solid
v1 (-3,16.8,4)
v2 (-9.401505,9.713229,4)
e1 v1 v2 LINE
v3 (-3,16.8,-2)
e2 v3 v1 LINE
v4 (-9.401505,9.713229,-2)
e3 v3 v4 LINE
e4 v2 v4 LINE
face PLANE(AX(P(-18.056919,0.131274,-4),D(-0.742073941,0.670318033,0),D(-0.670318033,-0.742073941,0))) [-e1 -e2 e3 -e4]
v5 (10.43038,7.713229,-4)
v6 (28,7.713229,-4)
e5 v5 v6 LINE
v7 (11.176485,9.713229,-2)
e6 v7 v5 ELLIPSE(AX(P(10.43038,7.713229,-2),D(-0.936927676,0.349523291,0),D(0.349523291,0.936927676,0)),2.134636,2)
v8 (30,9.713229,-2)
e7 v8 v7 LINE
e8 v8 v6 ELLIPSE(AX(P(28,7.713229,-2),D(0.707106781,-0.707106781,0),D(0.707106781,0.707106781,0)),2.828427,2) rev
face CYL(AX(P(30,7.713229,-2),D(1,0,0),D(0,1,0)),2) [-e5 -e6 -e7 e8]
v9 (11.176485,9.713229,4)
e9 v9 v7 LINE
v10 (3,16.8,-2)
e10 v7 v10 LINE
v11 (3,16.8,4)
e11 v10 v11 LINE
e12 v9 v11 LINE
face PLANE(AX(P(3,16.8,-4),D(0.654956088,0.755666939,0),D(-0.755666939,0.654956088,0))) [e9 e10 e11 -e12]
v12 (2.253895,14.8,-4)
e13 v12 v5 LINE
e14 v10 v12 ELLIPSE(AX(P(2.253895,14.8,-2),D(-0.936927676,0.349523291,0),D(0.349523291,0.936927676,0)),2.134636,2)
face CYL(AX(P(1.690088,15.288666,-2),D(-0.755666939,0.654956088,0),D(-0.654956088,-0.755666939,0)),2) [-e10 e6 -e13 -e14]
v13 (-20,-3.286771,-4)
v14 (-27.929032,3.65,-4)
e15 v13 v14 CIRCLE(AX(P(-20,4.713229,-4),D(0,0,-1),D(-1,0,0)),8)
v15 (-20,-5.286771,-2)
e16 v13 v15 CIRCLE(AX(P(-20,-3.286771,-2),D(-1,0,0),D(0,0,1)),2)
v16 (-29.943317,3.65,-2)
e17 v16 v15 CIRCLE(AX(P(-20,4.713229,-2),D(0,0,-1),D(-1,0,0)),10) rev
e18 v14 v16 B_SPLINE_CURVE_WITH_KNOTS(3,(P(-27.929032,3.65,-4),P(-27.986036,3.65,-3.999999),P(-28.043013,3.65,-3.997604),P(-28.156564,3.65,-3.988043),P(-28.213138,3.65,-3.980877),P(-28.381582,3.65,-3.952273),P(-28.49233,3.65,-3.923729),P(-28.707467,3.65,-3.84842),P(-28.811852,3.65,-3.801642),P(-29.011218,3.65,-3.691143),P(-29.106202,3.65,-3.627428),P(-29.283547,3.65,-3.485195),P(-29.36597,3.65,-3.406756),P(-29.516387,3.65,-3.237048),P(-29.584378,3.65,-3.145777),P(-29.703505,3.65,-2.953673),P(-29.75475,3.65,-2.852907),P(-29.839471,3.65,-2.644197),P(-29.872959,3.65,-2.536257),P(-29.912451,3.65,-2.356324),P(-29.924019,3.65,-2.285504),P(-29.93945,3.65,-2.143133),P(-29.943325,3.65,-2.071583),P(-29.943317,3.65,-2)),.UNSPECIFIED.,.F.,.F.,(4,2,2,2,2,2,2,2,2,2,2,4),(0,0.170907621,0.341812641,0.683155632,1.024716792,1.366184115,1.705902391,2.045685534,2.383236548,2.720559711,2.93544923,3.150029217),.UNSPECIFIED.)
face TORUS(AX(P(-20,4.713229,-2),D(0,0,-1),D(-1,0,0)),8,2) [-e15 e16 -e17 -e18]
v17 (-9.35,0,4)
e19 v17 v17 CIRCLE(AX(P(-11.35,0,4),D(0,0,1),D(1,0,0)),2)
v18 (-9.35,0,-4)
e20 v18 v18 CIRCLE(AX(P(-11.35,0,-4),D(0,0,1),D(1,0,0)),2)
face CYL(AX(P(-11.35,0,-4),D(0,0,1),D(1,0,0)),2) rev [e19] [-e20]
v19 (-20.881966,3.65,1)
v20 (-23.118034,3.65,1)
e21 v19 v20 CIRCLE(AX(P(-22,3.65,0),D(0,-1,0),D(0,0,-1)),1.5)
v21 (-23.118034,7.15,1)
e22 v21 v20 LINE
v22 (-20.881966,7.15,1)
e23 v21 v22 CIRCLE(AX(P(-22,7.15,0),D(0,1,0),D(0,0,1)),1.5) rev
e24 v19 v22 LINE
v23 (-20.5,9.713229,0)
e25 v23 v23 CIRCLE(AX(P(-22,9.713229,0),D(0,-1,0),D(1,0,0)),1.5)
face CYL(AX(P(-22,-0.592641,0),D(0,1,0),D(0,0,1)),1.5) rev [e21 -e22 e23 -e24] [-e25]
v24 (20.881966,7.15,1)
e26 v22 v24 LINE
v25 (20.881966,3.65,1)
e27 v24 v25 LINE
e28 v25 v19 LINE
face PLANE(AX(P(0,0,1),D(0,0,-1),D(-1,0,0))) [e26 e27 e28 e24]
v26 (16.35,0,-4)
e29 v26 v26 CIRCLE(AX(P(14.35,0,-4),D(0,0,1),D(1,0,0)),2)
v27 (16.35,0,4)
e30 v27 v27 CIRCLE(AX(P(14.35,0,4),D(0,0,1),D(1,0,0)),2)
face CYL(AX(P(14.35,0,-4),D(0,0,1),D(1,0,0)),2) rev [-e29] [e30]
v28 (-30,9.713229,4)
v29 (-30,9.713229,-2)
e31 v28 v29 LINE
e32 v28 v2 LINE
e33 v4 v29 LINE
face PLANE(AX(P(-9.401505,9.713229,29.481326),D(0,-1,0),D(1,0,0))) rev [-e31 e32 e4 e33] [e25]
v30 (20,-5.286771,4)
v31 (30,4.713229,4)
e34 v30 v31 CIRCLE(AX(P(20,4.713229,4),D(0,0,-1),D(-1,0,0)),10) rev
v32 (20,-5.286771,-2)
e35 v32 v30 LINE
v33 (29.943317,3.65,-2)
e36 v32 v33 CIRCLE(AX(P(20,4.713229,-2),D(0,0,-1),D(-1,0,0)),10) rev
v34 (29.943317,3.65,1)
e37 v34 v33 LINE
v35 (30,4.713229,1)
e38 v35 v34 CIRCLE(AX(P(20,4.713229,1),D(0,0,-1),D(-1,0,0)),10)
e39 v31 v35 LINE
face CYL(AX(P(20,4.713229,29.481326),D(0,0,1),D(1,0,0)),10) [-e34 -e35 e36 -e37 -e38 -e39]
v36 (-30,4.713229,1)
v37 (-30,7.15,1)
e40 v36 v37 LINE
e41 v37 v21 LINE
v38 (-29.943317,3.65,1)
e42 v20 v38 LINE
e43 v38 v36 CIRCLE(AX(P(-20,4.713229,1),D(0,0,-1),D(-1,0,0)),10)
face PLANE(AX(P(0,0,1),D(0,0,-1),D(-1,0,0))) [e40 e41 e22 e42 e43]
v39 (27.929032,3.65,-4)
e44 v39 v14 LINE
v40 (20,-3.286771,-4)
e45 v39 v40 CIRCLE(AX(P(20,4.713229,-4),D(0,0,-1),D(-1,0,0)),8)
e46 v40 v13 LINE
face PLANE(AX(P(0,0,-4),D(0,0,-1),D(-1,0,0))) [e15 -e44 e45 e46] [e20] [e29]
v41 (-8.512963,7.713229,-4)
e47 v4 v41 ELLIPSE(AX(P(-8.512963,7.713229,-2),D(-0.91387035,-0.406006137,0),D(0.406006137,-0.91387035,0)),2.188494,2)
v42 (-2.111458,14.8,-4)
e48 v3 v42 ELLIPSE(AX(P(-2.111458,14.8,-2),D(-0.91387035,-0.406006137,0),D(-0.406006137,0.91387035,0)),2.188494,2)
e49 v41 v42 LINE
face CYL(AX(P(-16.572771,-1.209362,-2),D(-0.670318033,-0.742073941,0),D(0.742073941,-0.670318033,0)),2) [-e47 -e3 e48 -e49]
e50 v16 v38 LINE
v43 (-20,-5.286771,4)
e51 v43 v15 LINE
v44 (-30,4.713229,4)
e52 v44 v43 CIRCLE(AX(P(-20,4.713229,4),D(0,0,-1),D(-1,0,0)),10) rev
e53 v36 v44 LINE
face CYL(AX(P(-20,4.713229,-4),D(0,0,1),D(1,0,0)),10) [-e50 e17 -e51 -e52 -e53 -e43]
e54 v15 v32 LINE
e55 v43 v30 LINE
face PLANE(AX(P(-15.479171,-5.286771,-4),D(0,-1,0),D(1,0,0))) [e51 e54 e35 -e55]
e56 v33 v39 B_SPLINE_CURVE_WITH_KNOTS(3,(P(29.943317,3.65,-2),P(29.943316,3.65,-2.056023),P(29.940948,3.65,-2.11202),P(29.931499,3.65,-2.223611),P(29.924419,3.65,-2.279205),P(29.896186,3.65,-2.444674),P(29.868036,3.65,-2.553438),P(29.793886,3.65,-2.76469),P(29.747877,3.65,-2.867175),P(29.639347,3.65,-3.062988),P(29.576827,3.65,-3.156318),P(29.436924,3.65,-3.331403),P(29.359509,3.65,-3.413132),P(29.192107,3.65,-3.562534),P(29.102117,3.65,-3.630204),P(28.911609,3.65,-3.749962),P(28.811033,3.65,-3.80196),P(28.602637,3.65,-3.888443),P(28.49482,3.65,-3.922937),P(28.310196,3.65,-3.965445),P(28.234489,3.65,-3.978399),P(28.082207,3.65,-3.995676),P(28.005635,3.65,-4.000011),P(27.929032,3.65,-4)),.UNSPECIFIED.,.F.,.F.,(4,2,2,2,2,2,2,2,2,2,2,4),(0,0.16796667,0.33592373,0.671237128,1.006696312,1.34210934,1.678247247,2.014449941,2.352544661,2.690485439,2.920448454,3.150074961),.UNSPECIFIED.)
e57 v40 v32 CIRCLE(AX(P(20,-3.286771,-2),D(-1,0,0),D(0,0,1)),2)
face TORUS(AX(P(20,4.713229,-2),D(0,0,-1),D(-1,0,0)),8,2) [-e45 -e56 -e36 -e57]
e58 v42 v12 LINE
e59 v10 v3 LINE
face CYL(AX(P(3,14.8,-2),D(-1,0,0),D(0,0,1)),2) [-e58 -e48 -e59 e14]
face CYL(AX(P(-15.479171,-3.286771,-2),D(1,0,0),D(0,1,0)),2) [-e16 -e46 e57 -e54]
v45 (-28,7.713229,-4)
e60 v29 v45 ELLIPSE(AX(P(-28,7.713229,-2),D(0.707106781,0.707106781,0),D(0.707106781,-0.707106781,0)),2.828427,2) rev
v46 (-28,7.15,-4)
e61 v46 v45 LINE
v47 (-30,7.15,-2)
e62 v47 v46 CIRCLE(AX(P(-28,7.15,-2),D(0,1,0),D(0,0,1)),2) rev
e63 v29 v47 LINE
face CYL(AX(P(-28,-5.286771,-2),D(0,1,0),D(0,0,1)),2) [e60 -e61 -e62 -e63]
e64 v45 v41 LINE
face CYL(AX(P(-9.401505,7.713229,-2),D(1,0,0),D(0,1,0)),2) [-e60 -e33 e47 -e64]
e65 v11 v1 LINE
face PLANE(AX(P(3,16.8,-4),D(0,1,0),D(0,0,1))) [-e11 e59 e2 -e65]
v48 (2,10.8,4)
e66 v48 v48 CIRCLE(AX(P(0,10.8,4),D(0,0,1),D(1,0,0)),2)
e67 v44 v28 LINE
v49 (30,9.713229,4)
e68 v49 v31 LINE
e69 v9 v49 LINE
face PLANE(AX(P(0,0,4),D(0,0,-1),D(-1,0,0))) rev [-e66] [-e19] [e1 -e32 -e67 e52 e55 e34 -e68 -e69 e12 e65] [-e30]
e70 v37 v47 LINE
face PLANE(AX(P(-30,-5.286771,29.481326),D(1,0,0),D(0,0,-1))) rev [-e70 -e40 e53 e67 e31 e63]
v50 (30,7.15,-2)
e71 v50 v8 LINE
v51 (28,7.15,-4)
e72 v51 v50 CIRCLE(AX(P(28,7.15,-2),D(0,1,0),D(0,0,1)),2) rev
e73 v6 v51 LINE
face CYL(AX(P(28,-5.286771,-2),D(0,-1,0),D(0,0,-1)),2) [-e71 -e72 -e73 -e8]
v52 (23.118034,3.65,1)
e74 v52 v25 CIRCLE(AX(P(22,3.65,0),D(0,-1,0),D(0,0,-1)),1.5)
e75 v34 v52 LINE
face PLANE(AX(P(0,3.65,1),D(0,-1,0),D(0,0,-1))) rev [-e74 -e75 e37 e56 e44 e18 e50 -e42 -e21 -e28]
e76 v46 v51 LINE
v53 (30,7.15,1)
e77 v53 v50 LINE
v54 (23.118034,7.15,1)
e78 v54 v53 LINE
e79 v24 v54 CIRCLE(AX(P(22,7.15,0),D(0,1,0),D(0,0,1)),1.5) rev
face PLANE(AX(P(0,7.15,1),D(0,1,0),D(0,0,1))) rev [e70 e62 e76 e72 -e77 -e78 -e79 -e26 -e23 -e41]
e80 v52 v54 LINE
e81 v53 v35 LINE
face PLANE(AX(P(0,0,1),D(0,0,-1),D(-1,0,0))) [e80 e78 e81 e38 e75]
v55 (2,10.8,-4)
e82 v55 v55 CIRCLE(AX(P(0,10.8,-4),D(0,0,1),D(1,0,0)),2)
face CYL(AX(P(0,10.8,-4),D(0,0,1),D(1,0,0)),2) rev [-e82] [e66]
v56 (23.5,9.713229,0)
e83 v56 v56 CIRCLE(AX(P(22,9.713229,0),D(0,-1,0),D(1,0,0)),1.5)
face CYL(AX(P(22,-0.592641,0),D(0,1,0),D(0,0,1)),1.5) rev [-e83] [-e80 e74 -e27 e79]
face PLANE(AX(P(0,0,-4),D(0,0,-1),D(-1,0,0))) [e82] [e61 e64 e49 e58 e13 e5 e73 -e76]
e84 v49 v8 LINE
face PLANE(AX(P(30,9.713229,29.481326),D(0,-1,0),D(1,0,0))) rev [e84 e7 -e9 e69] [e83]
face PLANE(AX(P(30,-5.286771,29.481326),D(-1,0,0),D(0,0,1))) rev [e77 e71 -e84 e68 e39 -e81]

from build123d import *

# Parameters (mm, degrees)
BOSS_EXTRU_1_DEPTH             = 4
BOSS_EXTRU_1_DEPTH_BACK        = 4
ESQUISSE3_R                    = 2
ENL_V_MAT_EXTRU_1_DEPTH        = 5
ENL_V_MAT_EXTRU_1_DEPTH_BACK   = 5
BOSS_EXTRU_2_REACH             = 6
BOSS_EXTRU_2_DIRECTION_2_REACH = 6
ENL_V_START                    = -4
ESQUISSE4_W                    = 60
ESQUISSE4_H                    = 3.5
ENL_V_MAT_EXTRU_2_DEPTH        = 5
ENL_V_START_2                  = 9.713229
ESQUISSE7_R                    = 1.5
ENL_V_MAT_EXTRU_4_DEPTH        = 6.063229
CONG_1_R                       = 10
CONG_2_R                       = 2


with BuildPart() as part:
    # Esquisse1 → Boss.-Extru.1 (new body, two sides)
    with BuildSketch(Plane.XY) as boss_extru_1_sk:
        Polygon((-18.056919343, 0.131274222), (-15.479170984, -5.286770941), (18.771312817, -5.286770941), (21.159805355, 1.060426821), (3, 16.8), (-3, 16.8), align=None)
    extrude(amount=BOSS_EXTRU_1_DEPTH)
    extrude(boss_extru_1_sk.sketch, amount=-BOSS_EXTRU_1_DEPTH_BACK)

    # Esquisse3 → Enlèv. mat.-Extru.1 (cut, two sides)
    with BuildSketch(Plane.XY) as enl_v_mat_extru_1_sk:
        with Locations((0, 10.8)):
            Circle(ESQUISSE3_R)
        with Locations((-11.35, 0)):
            Circle(ESQUISSE3_R)
        with Locations((14.35, 0)):
            Circle(ESQUISSE3_R)
    extrude(amount=ENL_V_MAT_EXTRU_1_DEPTH, mode=Mode.SUBTRACT)
    extrude(enl_v_mat_extru_1_sk.sketch, amount=-ENL_V_MAT_EXTRU_1_DEPTH_BACK, mode=Mode.SUBTRACT)

    # Boss.-Extru.2: up to this face of the body (flat: up to its plane)
    boss_extru_2_end = Plane(part.part.faces().sort_by_distance((1.373128785, 3.366991502, 4))[0])
    # Esquisse6 → Boss.-Extru.2 (add, up to the picked face)
    with BuildSketch(Plane.XY, mode=Mode.PRIVATE) as boss_extru_2_sk1:
        Polygon((-9.401505424, 9.713229059), (-30, 9.713229059), (-30, -5.286770941), (-15.479170984, -5.286770941), (-18.056919343, 0.131274222), align=None)
    boss_extru_2_tool1 = split(extrude(boss_extru_2_sk1.sketch, amount=BOSS_EXTRU_2_REACH, mode=Mode.PRIVATE), bisect_by=boss_extru_2_end, keep=Keep.BOTH, mode=Mode.PRIVATE)
    add(boss_extru_2_tool1.solids().sort_by_distance((-22.205202, 2.823075, 0))[0])
    # Esquisse6 → Boss.-Extru.2 (add, up to the picked face)
    with BuildSketch(Plane.XY, mode=Mode.PRIVATE) as boss_extru_2_sk2:
        Polygon((18.771312817, -5.286770941), (30, -5.286770941), (30, 9.713229059), (11.176484802, 9.713229059), (21.159805355, 1.060426821), align=None)
    boss_extru_2_tool2 = split(extrude(boss_extru_2_sk2.sketch, amount=BOSS_EXTRU_2_REACH, mode=Mode.PRIVATE), bisect_by=boss_extru_2_end, keep=Keep.BOTH, mode=Mode.PRIVATE)
    add(boss_extru_2_tool2.solids().sort_by_distance((23.539357, 3.077844, 0))[0])

    # Boss.-Extru.2 direction 2: up to this face of the body (flat: up to its plane)
    boss_extru_2_direction_2_end = Plane(part.part.faces().sort_by_distance((1.373128785, 3.366991502, -4))[0])
    # Esquisse6 → Boss.-Extru.2 direction 2 (add, up to the picked face)
    with BuildSketch(Plane.XY, mode=Mode.PRIVATE) as boss_extru_2_direction_2_sk1:
        Polygon((-9.401505424, 9.713229059), (-30, 9.713229059), (-30, -5.286770941), (-15.479170984, -5.286770941), (-18.056919343, 0.131274222), align=None)
    boss_extru_2_direction_2_tool1 = split(extrude(boss_extru_2_direction_2_sk1.sketch, amount=-BOSS_EXTRU_2_DIRECTION_2_REACH, mode=Mode.PRIVATE), bisect_by=boss_extru_2_direction_2_end, keep=Keep.BOTH, mode=Mode.PRIVATE)
    add(boss_extru_2_direction_2_tool1.solids().sort_by_distance((-22.205202, 2.823075, 0))[0])
    # Esquisse6 → Boss.-Extru.2 direction 2 (add, up to the picked face)
    with BuildSketch(Plane.XY, mode=Mode.PRIVATE) as boss_extru_2_direction_2_sk2:
        Polygon((18.771312817, -5.286770941), (30, -5.286770941), (30, 9.713229059), (11.176484802, 9.713229059), (21.159805355, 1.060426821), align=None)
    boss_extru_2_direction_2_tool2 = split(extrude(boss_extru_2_direction_2_sk2.sketch, amount=-BOSS_EXTRU_2_DIRECTION_2_REACH, mode=Mode.PRIVATE), bisect_by=boss_extru_2_direction_2_end, keep=Keep.BOTH, mode=Mode.PRIVATE)
    add(boss_extru_2_direction_2_tool2.solids().sort_by_distance((23.539357, 3.077844, 0))[0])

    # Esquisse4 → Enlèv. mat.-Extru.2 (cut)
    with BuildSketch(Plane.XY.offset(ENL_V_START)):
        with Locations((0, 5.4)):
            Rectangle(ESQUISSE4_W, ESQUISSE4_H)
    extrude(amount=ENL_V_MAT_EXTRU_2_DEPTH, mode=Mode.SUBTRACT)

    # Esquisse7 → Enlèv. mat.-Extru.4 (cut)
    with BuildSketch(Plane(origin=(0, 0, 0), x_dir=(1, 0, 0), z_dir=(0, 1, 0)).offset(ENL_V_START_2)):
        with Locations((-22, 0)):
            Circle(ESQUISSE7_R)
        with Locations((22, 0)):
            Circle(ESQUISSE7_R)
    extrude(amount=-ENL_V_MAT_EXTRU_4_DEPTH, mode=Mode.SUBTRACT)

    # Congé1
    cong_1_edges = [part.edges().sort_by_distance(p)[0] for p in [
        (30, -5.286770941, 0),
        (-30, -5.286770941, 0),
    ]]
    fillet(cong_1_edges, radius=CONG_1_R)

    # Congé2
    cong_2_edges = [part.edges().sort_by_distance(p)[0] for p in [
        (0, -5.286770941, -4),
        (-26.684598321, -2.724253398, -4),
        (26.684598321, -2.724253398, -4),
        (0, 16.8, -4),
        (-6.200752712, 13.256614529, -4),
        (-19.700752712, 9.713229059, -4),
        (-30, 8.431614529, -4),
        (7.088242401, 13.256614529, -4),
        (20.588242401, 9.713229059, -4),
        (30, 8.431614529, -4),
    ]]
    fillet(cong_2_edges, radius=CONG_2_R)


solid = part.part
